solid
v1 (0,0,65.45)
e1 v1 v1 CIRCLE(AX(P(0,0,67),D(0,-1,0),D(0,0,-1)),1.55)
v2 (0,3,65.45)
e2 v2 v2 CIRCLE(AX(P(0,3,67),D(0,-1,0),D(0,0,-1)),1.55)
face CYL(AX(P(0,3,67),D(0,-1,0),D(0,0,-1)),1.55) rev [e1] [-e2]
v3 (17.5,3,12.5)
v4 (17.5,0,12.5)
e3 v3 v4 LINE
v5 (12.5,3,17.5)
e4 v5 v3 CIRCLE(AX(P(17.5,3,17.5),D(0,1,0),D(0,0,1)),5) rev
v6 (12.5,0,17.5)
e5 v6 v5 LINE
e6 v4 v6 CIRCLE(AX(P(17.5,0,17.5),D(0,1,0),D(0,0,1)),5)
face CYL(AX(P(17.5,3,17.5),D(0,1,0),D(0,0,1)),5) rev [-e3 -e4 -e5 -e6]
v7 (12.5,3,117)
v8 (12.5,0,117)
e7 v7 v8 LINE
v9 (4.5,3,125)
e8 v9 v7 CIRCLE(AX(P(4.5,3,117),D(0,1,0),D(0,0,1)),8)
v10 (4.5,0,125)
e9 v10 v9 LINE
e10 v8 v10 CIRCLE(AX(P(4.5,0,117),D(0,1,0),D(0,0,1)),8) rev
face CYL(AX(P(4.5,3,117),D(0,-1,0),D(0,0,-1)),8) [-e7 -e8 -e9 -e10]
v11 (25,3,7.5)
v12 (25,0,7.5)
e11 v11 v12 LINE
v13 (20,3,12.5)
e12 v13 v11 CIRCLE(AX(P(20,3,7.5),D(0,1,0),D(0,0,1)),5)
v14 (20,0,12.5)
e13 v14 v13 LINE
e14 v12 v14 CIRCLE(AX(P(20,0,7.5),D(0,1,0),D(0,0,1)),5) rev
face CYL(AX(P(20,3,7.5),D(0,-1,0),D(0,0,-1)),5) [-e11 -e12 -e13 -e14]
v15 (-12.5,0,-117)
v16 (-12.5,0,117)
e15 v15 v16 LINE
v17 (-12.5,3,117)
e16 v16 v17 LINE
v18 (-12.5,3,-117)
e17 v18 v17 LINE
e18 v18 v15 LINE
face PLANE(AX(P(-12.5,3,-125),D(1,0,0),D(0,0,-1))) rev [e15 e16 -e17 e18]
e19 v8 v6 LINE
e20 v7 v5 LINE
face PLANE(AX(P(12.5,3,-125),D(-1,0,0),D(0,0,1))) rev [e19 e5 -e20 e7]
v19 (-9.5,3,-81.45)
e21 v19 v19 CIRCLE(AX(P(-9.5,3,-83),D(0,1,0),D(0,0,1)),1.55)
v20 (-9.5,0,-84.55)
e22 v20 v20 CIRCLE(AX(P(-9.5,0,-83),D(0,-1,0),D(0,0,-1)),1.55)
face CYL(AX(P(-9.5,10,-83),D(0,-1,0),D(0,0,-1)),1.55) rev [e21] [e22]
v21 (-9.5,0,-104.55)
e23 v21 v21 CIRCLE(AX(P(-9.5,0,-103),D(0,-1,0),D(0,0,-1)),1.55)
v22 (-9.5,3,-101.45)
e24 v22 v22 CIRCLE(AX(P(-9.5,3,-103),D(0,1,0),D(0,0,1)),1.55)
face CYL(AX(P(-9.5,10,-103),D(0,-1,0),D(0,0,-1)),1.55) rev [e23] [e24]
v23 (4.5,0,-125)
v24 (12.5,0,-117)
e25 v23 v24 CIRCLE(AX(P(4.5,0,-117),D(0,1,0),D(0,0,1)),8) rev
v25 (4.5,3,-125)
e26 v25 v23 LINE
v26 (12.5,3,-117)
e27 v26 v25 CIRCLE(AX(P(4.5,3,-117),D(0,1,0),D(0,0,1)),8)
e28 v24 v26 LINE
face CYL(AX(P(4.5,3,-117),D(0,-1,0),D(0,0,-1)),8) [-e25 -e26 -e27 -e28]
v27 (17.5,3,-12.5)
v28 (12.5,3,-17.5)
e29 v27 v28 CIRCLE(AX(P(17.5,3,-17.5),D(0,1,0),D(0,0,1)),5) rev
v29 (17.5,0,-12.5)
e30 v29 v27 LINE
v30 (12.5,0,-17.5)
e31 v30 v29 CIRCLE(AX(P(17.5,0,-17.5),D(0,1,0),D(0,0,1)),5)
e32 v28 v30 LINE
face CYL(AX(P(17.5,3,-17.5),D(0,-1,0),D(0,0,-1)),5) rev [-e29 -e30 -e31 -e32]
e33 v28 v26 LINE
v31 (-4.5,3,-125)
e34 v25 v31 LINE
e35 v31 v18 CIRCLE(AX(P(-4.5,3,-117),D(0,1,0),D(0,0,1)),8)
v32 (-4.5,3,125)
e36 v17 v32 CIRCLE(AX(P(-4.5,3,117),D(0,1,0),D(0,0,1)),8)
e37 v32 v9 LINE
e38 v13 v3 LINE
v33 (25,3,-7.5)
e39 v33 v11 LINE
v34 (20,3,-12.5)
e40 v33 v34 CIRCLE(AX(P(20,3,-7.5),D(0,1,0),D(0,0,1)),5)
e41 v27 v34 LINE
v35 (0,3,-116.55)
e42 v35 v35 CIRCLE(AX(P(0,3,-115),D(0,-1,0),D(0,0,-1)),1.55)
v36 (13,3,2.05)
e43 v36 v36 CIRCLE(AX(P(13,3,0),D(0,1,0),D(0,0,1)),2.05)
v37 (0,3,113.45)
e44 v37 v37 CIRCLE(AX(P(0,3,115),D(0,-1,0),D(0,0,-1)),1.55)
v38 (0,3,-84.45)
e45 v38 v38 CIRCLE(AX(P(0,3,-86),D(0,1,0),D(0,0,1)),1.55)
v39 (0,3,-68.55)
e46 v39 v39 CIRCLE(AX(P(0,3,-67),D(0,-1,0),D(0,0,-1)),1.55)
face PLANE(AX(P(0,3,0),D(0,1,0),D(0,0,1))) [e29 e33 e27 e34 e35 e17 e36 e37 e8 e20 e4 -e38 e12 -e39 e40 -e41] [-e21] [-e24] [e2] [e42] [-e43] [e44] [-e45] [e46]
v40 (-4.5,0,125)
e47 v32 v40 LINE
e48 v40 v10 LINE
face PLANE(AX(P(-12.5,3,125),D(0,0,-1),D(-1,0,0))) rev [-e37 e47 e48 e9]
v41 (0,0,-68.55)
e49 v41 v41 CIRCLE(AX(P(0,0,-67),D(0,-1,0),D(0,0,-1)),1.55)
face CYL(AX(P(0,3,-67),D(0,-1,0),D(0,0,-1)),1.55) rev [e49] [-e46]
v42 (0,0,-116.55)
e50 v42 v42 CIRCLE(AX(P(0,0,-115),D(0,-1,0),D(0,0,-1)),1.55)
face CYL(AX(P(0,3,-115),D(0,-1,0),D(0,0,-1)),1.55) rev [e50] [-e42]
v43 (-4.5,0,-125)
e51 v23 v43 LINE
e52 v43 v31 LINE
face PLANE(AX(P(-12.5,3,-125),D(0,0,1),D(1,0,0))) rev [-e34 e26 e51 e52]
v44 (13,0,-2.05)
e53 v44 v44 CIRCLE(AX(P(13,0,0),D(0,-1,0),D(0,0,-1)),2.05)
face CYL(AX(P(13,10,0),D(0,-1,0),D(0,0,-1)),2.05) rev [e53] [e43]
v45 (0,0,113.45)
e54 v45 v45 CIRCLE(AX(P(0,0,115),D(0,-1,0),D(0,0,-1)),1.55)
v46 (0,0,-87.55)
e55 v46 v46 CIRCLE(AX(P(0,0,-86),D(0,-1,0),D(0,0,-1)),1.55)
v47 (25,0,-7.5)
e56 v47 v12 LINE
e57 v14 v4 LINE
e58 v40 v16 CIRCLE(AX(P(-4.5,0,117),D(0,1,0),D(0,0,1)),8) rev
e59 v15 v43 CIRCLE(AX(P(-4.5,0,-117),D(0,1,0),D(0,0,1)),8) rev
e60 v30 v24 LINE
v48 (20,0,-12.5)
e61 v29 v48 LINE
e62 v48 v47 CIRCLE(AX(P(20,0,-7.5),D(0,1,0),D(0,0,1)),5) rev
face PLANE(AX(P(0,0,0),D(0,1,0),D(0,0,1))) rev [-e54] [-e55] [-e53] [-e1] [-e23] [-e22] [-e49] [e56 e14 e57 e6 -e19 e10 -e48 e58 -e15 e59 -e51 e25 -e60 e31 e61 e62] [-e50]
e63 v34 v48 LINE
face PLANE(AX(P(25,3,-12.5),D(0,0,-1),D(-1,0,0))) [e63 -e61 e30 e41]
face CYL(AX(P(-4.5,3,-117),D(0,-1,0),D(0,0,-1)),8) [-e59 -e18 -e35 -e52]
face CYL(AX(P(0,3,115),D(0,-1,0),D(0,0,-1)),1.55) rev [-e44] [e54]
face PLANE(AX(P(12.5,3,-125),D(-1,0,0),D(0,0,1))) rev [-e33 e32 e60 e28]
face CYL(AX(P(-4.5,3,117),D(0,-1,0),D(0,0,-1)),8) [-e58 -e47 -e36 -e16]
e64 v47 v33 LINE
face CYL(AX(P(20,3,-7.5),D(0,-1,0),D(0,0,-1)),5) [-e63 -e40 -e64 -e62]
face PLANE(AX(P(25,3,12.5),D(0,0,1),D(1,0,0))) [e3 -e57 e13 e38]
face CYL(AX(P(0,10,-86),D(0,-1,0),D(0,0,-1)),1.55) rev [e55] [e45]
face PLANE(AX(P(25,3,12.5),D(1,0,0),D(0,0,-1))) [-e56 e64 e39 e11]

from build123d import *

# Parameters (mm, degrees)
SKETCH_1_W          = 25
SKETCH_1_H          = 250
EXTRUDE_1_DEPTH     = 3
SKETCH_2_R          = 1.55
CUT_EXTRUDE_1_DEPTH = 3
SKETCH_3_R          = 1.55
CUT_EXTRUDE_2_DEPTH = 10
SKETCH_5_W          = 25
SKETCH_5_H          = 25
EXTRUDE_2_DEPTH     = 3
SKETCH_6_R          = 2.05
CUT_EXTRUDE_3_DEPTH = 10
SKETCH_7_R          = 1.55
CUT_EXTRUDE_4_DEPTH = 10
FILLET_1_R          = 5
FILLET_2_R          = 8


with BuildPart() as part:
    # 草图1 → 凸台-拉伸1 (new body)
    with BuildSketch(Plane(origin=(0, 0, 0), x_dir=(1, 0, 0), z_dir=(0, 1, 0))):
        Rectangle(SKETCH_1_W, SKETCH_1_H)
    extrude(amount=EXTRUDE_1_DEPTH)

    # 草图2 → 切除-拉伸1 (cut)
    with BuildSketch(Plane(origin=(0, 0, 0), x_dir=(-1, 0, 0), z_dir=(0, -1, 0))):
        with Locations(Location((0, 115, 0), (0, 0, 90))):
            Circle(SKETCH_2_R)
        with Locations(Location((0, 67, 0), (0, 0, 90))):
            Circle(SKETCH_2_R)
        with Locations(Location((0, -67, 0), (0, 0, 90))):
            Circle(SKETCH_2_R)
        with Locations(Location((0, -115, 0), (0, 0, 90))):
            Circle(SKETCH_2_R)
    extrude(amount=-CUT_EXTRUDE_1_DEPTH, mode=Mode.SUBTRACT)

    # 草图3 → 切除-拉伸2 (cut)
    with BuildSketch(Plane(origin=(0, 0, 0), x_dir=(-1, 0, 0), z_dir=(0, -1, 0))):
        with Locations(Location((9.5, 83, 0), (0, 0, 90))):
            Circle(SKETCH_3_R)
        with Locations(Location((9.5, 103, 0), (0, 0, 90))):
            Circle(SKETCH_3_R)
    extrude(amount=-CUT_EXTRUDE_2_DEPTH, mode=Mode.SUBTRACT)

    # 草图5 → 凸台-拉伸2 (add, through all)
    with BuildSketch(Plane(origin=(0, 0, 0), x_dir=(-1, 0, 0), z_dir=(0, -1, 0))):
        with Locations((-12.5, 0)):
            Rectangle(SKETCH_5_W, SKETCH_5_H)
    extrude(amount=-EXTRUDE_2_DEPTH)

    # 草图6 → 切除-拉伸3 (cut)
    with BuildSketch(Plane(origin=(0, 0, 0), x_dir=(-1, 0, 0), z_dir=(0, -1, 0))):
        with Locations(Location((-13, 0, 0), (0, 0, 90))):
            Circle(SKETCH_6_R)
    extrude(amount=-CUT_EXTRUDE_3_DEPTH, mode=Mode.SUBTRACT)

    # 草图7 → 切除-拉伸4 (cut)
    with BuildSketch(Plane(origin=(0, 0, 0), x_dir=(-1, 0, 0), z_dir=(0, -1, 0))):
        with Locations(Location((0, 86, 0), (0, 0, 90))):
            Circle(SKETCH_7_R)
    extrude(amount=-CUT_EXTRUDE_4_DEPTH, mode=Mode.SUBTRACT)

    # 圆角1
    fillet_1_edges = [part.edges().sort_by_distance(p)[0] for p in [
        (25, 1.5, -12.5),
        (12.5, 1.5, 12.5),
        (25, 1.5, 12.5),
        (12.5, 1.5, -12.5),
    ]]
    fillet(fillet_1_edges, radius=FILLET_1_R)

    # 圆角2
    fillet_2_edges = [part.edges().sort_by_distance(p)[0] for p in [
        (12.5, 1.5, 125),
        (-12.5, 1.5, 125),
        (-12.5, 1.5, -125),
        (12.5, 1.5, -125),
    ]]
    fillet(fillet_2_edges, radius=FILLET_2_R)


solid = part.part
